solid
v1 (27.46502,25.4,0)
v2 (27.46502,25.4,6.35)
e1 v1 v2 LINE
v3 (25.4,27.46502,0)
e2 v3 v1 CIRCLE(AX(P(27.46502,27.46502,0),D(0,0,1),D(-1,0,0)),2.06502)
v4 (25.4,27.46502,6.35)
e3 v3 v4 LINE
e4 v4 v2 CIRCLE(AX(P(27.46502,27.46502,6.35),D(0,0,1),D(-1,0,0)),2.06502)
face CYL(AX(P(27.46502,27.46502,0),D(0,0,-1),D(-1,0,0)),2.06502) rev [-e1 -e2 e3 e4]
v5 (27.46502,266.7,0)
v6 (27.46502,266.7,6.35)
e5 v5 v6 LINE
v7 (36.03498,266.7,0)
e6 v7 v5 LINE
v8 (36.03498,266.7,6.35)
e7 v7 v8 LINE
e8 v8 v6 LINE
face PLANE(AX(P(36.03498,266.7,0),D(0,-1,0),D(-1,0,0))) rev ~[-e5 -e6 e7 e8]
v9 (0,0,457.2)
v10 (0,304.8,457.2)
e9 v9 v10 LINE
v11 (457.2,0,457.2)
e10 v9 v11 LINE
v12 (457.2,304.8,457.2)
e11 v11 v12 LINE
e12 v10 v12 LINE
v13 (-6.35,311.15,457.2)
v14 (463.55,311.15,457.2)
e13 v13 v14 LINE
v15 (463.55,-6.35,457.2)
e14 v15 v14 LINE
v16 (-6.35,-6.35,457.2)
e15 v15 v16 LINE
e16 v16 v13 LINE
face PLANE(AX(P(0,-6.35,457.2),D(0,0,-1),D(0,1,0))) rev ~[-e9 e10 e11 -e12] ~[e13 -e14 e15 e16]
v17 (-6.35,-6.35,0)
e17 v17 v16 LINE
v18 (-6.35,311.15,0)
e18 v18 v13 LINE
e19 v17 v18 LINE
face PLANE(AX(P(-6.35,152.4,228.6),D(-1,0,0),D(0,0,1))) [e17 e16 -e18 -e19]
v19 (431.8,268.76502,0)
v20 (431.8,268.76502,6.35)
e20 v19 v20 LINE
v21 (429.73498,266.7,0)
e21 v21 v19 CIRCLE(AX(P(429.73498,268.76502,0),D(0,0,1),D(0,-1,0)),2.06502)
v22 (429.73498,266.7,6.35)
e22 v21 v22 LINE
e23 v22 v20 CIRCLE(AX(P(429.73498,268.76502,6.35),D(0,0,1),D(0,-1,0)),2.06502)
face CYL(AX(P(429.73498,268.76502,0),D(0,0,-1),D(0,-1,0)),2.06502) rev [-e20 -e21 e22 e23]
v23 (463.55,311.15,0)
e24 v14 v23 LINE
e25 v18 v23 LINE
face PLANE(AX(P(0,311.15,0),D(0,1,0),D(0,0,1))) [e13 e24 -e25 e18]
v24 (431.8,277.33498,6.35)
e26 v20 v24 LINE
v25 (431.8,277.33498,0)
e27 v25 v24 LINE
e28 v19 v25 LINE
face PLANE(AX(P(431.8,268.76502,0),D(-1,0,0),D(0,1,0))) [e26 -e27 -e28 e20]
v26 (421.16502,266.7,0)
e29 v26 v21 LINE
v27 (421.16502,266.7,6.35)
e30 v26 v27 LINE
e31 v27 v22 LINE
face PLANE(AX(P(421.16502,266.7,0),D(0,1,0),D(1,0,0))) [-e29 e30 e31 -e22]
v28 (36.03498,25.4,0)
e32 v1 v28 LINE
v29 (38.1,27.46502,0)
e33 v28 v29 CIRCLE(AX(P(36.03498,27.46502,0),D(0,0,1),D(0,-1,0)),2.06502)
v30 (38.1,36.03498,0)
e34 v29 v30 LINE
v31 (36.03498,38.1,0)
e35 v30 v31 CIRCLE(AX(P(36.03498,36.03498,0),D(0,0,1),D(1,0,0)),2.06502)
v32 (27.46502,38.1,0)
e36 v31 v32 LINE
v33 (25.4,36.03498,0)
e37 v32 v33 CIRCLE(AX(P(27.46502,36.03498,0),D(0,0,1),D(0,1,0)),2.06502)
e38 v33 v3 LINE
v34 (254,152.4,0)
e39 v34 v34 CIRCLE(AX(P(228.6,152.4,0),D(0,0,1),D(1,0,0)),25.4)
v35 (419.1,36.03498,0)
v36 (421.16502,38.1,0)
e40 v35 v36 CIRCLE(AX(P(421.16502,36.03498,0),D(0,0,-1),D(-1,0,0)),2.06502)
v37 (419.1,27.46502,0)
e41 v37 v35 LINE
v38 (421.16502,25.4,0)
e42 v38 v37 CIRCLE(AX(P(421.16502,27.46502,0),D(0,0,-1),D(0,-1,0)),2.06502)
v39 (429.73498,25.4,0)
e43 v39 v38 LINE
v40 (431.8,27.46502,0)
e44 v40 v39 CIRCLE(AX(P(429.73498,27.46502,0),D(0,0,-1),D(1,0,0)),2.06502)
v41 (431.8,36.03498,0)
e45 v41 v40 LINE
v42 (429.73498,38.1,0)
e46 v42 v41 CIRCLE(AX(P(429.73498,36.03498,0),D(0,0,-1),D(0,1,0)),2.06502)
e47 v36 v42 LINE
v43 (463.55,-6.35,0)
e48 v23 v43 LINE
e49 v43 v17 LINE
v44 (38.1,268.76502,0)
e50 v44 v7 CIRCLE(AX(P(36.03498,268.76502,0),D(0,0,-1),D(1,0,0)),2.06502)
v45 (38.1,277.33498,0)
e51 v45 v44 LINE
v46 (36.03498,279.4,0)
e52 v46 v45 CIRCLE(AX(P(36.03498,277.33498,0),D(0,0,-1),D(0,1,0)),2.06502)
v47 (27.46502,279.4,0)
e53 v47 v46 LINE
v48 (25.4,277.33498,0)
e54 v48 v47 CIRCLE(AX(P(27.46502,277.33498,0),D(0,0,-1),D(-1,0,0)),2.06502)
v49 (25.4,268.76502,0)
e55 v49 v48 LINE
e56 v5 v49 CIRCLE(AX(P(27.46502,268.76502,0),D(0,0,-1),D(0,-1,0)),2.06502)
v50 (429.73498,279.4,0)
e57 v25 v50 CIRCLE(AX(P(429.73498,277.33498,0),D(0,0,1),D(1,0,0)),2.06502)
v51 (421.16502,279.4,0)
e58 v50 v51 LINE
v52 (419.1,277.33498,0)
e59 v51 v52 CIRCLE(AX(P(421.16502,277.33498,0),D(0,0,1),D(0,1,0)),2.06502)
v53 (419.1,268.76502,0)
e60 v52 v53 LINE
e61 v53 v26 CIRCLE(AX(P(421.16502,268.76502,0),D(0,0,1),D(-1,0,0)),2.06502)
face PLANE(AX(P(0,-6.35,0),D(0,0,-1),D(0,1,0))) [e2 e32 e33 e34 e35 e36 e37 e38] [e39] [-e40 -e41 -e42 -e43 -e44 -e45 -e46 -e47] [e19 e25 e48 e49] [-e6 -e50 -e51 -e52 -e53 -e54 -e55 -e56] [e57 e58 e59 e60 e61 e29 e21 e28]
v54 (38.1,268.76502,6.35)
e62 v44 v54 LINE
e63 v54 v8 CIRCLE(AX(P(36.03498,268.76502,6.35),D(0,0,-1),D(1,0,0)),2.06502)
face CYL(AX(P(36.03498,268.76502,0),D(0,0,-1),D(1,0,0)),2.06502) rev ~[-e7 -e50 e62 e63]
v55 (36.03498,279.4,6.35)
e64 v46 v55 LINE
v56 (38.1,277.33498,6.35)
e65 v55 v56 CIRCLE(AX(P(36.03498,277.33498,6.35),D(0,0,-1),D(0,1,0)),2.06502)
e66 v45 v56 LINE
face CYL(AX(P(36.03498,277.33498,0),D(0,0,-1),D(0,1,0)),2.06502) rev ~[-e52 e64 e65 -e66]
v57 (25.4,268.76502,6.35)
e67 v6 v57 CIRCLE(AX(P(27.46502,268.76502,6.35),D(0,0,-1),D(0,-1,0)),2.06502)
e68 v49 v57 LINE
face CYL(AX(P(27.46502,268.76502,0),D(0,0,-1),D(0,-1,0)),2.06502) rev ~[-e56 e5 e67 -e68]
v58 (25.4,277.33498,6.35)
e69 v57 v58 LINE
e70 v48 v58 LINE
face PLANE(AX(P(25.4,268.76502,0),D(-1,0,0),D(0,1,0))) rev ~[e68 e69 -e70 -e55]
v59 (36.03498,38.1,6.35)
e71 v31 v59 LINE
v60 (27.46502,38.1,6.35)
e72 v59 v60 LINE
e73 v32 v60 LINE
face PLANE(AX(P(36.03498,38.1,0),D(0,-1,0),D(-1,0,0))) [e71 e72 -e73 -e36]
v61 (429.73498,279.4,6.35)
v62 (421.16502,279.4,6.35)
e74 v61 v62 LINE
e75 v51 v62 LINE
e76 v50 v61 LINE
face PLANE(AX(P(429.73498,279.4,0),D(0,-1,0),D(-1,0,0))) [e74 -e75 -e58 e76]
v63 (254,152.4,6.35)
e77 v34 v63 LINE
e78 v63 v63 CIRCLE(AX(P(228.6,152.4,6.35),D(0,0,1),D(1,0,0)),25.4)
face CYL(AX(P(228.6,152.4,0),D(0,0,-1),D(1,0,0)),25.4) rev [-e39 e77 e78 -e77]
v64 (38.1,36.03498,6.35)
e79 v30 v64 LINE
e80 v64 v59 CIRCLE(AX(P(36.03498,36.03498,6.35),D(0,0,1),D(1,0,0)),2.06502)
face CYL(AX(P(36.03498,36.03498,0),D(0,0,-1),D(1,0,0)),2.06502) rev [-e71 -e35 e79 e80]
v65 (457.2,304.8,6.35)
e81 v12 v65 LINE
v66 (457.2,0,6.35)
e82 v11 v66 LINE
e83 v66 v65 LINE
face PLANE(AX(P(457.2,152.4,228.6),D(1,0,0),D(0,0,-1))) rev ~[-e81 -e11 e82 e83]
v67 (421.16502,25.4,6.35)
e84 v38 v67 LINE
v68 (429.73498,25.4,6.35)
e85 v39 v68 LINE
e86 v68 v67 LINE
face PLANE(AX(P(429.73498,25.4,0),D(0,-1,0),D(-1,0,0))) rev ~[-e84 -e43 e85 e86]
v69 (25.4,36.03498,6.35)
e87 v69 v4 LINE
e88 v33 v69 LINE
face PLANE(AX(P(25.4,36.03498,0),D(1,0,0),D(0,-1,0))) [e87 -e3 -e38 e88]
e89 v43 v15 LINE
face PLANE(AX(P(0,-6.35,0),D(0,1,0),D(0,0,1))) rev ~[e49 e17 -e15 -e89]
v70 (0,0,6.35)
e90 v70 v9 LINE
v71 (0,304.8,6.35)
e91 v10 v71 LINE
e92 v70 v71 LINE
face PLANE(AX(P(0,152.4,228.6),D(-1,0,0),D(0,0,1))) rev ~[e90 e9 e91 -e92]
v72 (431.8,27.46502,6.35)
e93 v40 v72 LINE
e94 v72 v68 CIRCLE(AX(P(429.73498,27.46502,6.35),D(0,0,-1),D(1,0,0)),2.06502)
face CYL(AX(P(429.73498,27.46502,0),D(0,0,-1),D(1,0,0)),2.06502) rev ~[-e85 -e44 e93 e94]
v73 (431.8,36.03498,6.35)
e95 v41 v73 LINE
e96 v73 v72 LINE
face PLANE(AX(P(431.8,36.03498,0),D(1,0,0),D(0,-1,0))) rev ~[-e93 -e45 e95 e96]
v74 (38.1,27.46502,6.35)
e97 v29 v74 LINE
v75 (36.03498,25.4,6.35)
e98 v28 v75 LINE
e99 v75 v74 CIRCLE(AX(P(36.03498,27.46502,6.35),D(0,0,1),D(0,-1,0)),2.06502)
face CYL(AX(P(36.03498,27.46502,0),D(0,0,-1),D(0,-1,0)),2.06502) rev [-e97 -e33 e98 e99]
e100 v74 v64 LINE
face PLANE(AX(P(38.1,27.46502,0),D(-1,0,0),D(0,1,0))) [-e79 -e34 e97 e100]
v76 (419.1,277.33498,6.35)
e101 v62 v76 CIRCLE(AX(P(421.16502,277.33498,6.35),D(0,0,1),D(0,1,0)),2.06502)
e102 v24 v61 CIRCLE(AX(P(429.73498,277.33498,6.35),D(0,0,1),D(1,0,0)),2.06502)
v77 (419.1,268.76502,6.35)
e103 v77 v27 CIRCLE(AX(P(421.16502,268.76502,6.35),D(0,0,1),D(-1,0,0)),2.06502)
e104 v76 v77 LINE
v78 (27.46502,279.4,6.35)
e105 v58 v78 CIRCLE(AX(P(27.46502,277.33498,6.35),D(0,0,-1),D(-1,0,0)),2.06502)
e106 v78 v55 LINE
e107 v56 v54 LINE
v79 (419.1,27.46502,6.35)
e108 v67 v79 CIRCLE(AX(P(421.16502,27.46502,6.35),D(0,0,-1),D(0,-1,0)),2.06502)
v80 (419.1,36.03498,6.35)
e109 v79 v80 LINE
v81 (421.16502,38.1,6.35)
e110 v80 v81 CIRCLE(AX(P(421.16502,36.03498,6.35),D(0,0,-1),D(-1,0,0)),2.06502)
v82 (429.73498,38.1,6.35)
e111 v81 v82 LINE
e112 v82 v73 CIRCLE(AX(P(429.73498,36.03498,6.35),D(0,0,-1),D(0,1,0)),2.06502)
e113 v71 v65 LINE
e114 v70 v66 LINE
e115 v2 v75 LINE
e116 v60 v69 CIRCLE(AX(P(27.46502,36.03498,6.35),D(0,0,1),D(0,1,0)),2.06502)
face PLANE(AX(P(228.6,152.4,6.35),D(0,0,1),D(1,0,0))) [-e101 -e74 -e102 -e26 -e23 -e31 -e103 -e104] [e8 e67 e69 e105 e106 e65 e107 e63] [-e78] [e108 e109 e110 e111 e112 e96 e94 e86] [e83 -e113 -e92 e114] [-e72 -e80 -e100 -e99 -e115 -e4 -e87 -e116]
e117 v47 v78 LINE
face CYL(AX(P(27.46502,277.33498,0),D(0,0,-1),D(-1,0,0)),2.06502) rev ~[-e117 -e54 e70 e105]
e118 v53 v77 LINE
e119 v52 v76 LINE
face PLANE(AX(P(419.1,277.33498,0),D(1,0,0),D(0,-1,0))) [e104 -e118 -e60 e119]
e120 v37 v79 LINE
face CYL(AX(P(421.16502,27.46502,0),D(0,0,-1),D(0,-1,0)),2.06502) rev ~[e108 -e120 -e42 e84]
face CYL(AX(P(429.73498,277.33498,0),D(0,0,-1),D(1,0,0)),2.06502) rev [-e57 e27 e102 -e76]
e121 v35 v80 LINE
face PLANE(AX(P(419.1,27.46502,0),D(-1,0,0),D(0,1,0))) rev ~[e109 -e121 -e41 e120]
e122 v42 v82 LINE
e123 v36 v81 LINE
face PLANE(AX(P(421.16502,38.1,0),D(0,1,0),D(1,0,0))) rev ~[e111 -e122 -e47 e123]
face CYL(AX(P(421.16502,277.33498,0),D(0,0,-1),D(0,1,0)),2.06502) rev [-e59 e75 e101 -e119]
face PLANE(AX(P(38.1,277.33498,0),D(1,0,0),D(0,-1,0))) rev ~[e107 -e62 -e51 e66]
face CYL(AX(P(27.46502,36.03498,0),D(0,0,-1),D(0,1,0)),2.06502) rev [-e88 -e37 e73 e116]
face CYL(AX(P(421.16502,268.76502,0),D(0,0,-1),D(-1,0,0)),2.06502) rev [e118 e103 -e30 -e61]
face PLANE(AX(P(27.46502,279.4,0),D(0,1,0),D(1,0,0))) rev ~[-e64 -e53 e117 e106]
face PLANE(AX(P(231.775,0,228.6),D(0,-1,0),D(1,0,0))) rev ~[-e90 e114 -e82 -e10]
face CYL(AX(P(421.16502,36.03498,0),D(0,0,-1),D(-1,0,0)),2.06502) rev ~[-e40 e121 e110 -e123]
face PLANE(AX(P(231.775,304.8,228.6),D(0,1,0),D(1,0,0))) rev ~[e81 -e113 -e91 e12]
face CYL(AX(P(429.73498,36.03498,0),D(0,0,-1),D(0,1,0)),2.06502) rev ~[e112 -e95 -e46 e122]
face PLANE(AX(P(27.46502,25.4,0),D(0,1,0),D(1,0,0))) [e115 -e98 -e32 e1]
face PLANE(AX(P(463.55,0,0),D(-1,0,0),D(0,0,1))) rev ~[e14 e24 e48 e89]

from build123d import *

# Parameters (mm, degrees)
SKETCH1_W           = 457.2
SKETCH1_H           = 304.8
SKETCH1_R           = 25.4
CHAMBER_BASE_DEPTH  = 6.35
SKETCH2_W           = 457.2
SKETCH2_H           = 304.8
BACK_WALL_DEPTH     = 6.35
SKETCH3_W           = 463.55
SKETCH3_H           = 457.2
SIDE_WALL_2_DEPTH   = 6.35
SKETCH5_W           = 463.55
SKETCH5_H           = 457.2
SIDE_WALL_3_DEPTH   = 6.35
SKETCH6_W           = 457.2
SKETCH6_H           = 317.5
BOSS_EXTRUDE1_DEPTH = 6.35
CUT_EXTRUDE1_DEPTH  = 6.35


with BuildPart() as part:
    # Sketch1 → Chamber Base (new body)
    with BuildSketch(Plane.XY):
        with Locations((228.6, 152.4)):
            Rectangle(SKETCH1_W, SKETCH1_H)
        with Locations((228.6, 152.4)):
            Circle(SKETCH1_R, mode=Mode.SUBTRACT)
    extrude(amount=CHAMBER_BASE_DEPTH)

    # Sketch2 → Back wall (add)
    with BuildSketch(Plane(origin=(457.2, 0, 0), x_dir=(0, 0, -1), z_dir=(1, 0, 0))):
        with Locations((-228.6, 152.4)):
            Rectangle(SKETCH2_W, SKETCH2_H)
    extrude(amount=BACK_WALL_DEPTH)

    # Sketch3 → Side wall 2 (add)
    with BuildSketch(Plane(origin=(0, 304.8, 0), x_dir=(1, 0, 0), z_dir=(0, 1, 0))):
        with Locations((231.775, -228.6)):
            Rectangle(SKETCH3_W, SKETCH3_H)
    extrude(amount=SIDE_WALL_2_DEPTH)

    # Sketch5 → Side wall 3 (add)
    with BuildSketch(Plane.XZ):
        with Locations((231.775, 228.6)):
            Rectangle(SKETCH5_W, SKETCH5_H)
    extrude(amount=SIDE_WALL_3_DEPTH)

    # Sketch6 → Boss-Extrude1 (add)
    with BuildSketch(Plane.ZY):
        with Locations((228.6, 152.4)):
            Rectangle(SKETCH6_W, SKETCH6_H)
    extrude(amount=BOSS_EXTRUDE1_DEPTH)

    # Sketch7 → Cut-Extrude1 (cut)
    with BuildSketch(Plane(origin=(0, 0, 0), x_dir=(-1, 0, 0), z_dir=(0, 0, -1))):
        with BuildLine():
            Line((-429.73498, 279.4), (-421.16502, 279.4))
            ThreePointArc((-421.16502, 279.4), (-419.704830355, 278.795169645), (-419.1, 277.33498))
            Line((-419.1, 277.33498), (-419.1, 268.76502))
            ThreePointArc((-419.1, 268.76502), (-419.704830355, 267.304830355), (-421.16502, 266.7))
            Line((-421.16502, 266.7), (-429.73498, 266.7))
            ThreePointArc((-429.73498, 266.7), (-431.195169645, 267.304830355), (-431.8, 268.76502))
            Line((-431.8, 268.76502), (-431.8, 277.33498))
            ThreePointArc((-431.8, 277.33498), (-431.195169645, 278.795169645), (-429.73498, 279.4))
        make_face()
        with BuildLine():
            Line((-38.1, 277.33498), (-38.1, 268.76502))
            ThreePointArc((-38.1, 268.76502), (-37.495169645, 267.304830355), (-36.03498, 266.7))
            Line((-36.03498, 266.7), (-27.46502, 266.7))
            ThreePointArc((-27.46502, 266.7), (-26.004830355, 267.304830355), (-25.4, 268.76502))
            Line((-25.4, 268.76502), (-25.4, 277.33498))
            ThreePointArc((-25.4, 277.33498), (-26.004830355, 278.795169645), (-27.46502, 279.4))
            Line((-27.46502, 279.4), (-36.03498, 279.4))
            ThreePointArc((-36.03498, 279.4), (-37.495169645, 278.795169645), (-38.1, 277.33498))
        make_face()
        with BuildLine():
            Line((-27.46502, 25.4), (-36.03498, 25.4))
            ThreePointArc((-36.03498, 25.4), (-37.495169645, 26.004830355), (-38.1, 27.46502))
            Line((-38.1, 27.46502), (-38.1, 36.03498))
            ThreePointArc((-38.1, 36.03498), (-37.495169645, 37.495169645), (-36.03498, 38.1))
            Line((-36.03498, 38.1), (-27.46502, 38.1))
            ThreePointArc((-27.46502, 38.1), (-26.004830355, 37.495169645), (-25.4, 36.03498))
            Line((-25.4, 36.03498), (-25.4, 27.46502))
            ThreePointArc((-25.4, 27.46502), (-26.004830355, 26.004830355), (-27.46502, 25.4))
        make_face()
        with BuildLine():
            Line((-419.1, 27.46502), (-419.1, 36.03498))
            ThreePointArc((-419.1, 36.03498), (-419.704830355, 37.495169645), (-421.16502, 38.1))
            Line((-421.16502, 38.1), (-429.73498, 38.1))
            ThreePointArc((-429.73498, 38.1), (-431.195169645, 37.495169645), (-431.8, 36.03498))
            Line((-431.8, 36.03498), (-431.8, 27.46502))
            ThreePointArc((-431.8, 27.46502), (-431.195169645, 26.004830355), (-429.73498, 25.4))
            Line((-429.73498, 25.4), (-421.16502, 25.4))
            ThreePointArc((-421.16502, 25.4), (-419.704830355, 26.004830355), (-419.1, 27.46502))
        make_face()
    extrude(amount=-CUT_EXTRUDE1_DEPTH, mode=Mode.SUBTRACT)


solid = part.part
